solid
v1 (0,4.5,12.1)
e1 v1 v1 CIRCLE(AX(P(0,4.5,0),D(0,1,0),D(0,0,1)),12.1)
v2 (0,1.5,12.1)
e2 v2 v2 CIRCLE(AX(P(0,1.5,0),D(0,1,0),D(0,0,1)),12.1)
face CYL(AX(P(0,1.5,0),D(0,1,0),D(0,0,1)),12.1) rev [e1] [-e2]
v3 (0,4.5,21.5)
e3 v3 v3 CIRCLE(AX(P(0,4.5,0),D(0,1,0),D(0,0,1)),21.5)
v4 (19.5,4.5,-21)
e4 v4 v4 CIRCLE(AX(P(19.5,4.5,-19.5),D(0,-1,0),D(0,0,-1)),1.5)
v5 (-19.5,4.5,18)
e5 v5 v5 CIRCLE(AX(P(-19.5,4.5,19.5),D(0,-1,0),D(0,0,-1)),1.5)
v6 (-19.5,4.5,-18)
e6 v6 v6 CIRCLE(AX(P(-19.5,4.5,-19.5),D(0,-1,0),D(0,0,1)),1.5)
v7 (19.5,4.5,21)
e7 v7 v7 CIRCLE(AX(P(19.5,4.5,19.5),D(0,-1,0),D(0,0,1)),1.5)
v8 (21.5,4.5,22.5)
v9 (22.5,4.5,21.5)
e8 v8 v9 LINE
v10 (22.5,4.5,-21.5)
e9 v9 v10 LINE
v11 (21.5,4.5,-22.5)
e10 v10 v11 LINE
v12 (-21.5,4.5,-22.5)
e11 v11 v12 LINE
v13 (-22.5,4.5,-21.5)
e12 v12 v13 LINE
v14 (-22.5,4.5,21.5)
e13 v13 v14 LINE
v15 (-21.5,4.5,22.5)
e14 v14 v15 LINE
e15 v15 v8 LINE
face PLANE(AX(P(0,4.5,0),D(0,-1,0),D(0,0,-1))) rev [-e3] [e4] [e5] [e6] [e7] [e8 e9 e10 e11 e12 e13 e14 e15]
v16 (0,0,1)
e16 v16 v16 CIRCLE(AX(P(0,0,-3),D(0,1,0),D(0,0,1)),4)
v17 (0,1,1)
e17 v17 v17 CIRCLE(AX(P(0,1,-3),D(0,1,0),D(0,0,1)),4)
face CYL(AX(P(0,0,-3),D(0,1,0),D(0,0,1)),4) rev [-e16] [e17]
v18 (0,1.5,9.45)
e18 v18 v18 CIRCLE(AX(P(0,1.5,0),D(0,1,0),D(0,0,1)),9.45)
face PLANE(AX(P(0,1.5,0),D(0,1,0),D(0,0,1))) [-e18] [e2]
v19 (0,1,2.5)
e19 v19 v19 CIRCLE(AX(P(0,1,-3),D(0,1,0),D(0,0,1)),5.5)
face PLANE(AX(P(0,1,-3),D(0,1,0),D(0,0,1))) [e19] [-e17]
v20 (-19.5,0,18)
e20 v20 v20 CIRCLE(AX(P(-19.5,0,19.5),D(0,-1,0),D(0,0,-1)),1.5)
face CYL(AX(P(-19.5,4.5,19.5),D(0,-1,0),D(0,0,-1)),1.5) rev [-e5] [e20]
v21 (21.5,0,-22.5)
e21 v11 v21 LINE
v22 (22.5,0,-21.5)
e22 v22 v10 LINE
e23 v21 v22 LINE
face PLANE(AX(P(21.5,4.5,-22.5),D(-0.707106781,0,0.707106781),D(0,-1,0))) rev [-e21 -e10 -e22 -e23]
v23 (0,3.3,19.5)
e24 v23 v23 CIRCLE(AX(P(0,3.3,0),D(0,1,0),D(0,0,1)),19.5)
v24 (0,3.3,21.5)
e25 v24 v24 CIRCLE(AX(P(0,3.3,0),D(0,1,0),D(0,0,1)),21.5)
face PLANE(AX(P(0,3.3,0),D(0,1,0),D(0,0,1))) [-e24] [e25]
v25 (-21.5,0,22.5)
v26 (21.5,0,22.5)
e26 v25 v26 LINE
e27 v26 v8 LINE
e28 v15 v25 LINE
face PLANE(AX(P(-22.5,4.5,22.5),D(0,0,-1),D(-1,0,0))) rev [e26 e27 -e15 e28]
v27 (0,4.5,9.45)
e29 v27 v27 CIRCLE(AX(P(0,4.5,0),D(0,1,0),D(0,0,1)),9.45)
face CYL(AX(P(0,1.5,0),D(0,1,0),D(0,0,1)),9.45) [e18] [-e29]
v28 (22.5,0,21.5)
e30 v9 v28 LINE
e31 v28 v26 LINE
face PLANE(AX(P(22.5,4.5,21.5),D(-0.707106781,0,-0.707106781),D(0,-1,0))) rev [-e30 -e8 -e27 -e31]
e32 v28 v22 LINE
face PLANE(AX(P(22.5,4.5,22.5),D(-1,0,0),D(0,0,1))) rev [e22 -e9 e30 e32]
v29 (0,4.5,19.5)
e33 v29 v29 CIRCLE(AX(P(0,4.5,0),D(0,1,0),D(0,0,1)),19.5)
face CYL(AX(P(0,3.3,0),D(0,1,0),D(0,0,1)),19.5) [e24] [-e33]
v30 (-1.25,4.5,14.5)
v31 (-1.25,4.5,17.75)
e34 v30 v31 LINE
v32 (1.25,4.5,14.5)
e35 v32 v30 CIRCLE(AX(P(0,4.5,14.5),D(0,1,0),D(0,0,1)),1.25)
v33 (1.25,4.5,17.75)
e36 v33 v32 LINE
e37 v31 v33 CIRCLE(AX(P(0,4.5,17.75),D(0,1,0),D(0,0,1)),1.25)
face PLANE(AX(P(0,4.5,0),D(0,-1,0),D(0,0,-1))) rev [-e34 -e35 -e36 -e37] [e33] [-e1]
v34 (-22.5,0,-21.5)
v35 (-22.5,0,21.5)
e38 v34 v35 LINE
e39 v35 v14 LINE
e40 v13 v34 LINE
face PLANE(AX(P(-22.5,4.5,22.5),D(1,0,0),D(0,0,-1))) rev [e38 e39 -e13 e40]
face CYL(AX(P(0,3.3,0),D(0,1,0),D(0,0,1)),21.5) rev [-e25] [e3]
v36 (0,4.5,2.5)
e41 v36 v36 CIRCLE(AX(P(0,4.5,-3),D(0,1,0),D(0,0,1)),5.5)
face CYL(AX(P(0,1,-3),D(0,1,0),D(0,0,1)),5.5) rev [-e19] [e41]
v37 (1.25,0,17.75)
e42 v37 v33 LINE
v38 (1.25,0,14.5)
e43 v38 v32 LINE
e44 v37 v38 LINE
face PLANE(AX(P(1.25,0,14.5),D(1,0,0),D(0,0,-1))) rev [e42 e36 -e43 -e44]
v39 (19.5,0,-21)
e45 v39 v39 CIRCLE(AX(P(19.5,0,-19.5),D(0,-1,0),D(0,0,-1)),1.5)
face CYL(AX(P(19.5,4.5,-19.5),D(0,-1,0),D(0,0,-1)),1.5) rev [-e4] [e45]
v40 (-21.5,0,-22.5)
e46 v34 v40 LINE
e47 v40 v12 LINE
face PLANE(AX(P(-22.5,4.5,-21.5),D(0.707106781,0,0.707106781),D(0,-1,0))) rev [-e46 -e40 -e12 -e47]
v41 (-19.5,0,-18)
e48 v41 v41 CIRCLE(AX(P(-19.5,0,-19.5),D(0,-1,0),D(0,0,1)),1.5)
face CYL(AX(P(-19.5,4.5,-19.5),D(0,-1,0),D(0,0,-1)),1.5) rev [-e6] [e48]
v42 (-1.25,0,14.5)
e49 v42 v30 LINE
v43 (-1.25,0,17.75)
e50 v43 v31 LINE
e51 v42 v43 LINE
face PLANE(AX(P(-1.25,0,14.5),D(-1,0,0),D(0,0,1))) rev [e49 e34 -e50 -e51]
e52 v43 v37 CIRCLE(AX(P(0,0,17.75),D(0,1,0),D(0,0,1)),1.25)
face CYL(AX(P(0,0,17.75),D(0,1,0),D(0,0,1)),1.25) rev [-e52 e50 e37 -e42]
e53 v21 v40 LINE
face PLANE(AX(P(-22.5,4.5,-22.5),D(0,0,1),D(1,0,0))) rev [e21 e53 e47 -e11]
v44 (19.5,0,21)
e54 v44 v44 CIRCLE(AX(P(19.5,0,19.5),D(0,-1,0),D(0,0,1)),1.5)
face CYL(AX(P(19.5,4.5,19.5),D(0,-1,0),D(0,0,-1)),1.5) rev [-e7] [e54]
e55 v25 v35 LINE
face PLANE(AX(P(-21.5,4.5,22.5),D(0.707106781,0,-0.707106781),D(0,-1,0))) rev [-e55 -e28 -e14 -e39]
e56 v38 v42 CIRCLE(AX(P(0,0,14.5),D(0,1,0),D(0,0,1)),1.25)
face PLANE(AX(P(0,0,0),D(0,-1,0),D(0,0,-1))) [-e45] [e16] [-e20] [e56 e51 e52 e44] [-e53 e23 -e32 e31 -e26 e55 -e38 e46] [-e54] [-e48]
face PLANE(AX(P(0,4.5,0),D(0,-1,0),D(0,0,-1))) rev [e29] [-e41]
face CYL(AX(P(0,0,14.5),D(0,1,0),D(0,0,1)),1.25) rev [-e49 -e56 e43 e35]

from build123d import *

# Parameters (mm, degrees)
SKETCH_1_W          = 45
SKETCH_1_H          = 45
EXTRUDE_1_DEPTH     = 4.5
SKETCH_2_R          = 5.5
CUT_EXTRUDE_1_DEPTH = 3.5
SKETCH_3_R          = 4
CUT_EXTRUDE_2_DEPTH = 33.011716605
SKETCH_4_R          = 12.1
SKETCH_4_R_2        = 9.45
CUT_EXTRUDE_3_DEPTH = 3
SKETCH_5_R          = 21.5
SKETCH_5_R_2        = 19.5
CUT_EXTRUDE_4_DEPTH = 1.2
CUT_EXTRUDE_5_DEPTH = 33.136427928
SKETCH_8_R          = 1.5
CUT_EXTRUDE_6_DEPTH = 33.136427928
CHAMFER_1_SIZE      = 1


with BuildPart() as part:
    # 草图1 → 凸台-拉伸1 (new body)
    with BuildSketch(Plane(origin=(0, 0, 0), x_dir=(1, 0, 0), z_dir=(0, 1, 0))):
        Rectangle(SKETCH_1_W, SKETCH_1_H)
    extrude(amount=EXTRUDE_1_DEPTH)

    # 草图2 → 切除-拉伸1 (cut)
    with BuildSketch(Plane(origin=(0, 4.5, 0), x_dir=(1, 0, 0), z_dir=(0, 1, 0))):
        with Locations(Location((0, 3, 0), (0, 0, 270))):
            Circle(SKETCH_2_R)
    extrude(amount=-CUT_EXTRUDE_1_DEPTH, mode=Mode.SUBTRACT)

    # 草图3 → 切除-拉伸2 (cut, through all)
    with BuildSketch(Plane(origin=(0, 1, 0), x_dir=(1, 0, 0), z_dir=(0, 1, 0))):
        with Locations(Location((0, 3, 0), (0, 0, 270))):
            Circle(SKETCH_3_R)
    extrude(amount=-CUT_EXTRUDE_2_DEPTH, mode=Mode.SUBTRACT)

    # 草图4 → 切除-拉伸3 (cut)
    with BuildSketch(Plane(origin=(0, 4.5, 0), x_dir=(1, 0, 0), z_dir=(0, 1, 0))):
        with Locations(Location((0, 0, 0), (0, 0, 270))):
            Circle(SKETCH_4_R)
        with Locations(Location((0, 0, 0), (0, 0, 270))):
            Circle(SKETCH_4_R_2, mode=Mode.SUBTRACT)
    extrude(amount=-CUT_EXTRUDE_3_DEPTH, mode=Mode.SUBTRACT)

    # 草图5 → 切除-拉伸4 (cut)
    with BuildSketch(Plane(origin=(0, 4.5, 0), x_dir=(1, 0, 0), z_dir=(0, 1, 0))):
        with Locations(Location((0, 0, 0), (0, 0, 270))):
            Circle(SKETCH_5_R)
        with Locations(Location((0, 0, 0), (0, 0, 270))):
            Circle(SKETCH_5_R_2, mode=Mode.SUBTRACT)
    extrude(amount=-CUT_EXTRUDE_4_DEPTH, mode=Mode.SUBTRACT)

    # 草图6 → 切除-拉伸5 (cut, through all)
    with BuildSketch(Plane(origin=(0, 4.5, 0), x_dir=(1, 0, 0), z_dir=(0, 1, 0))):
        with BuildLine():
            Line((1.25, -14.5), (1.25, -17.75))
            ThreePointArc((1.25, -17.75), (0, -19), (-1.25, -17.75))
            Line((-1.25, -17.75), (-1.25, -14.5))
            ThreePointArc((-1.25, -14.5), (0, -13.25), (1.25, -14.5))
        make_face()
    extrude(amount=-CUT_EXTRUDE_5_DEPTH, mode=Mode.SUBTRACT)

    # 草图8 → 切除-拉伸6 (cut, through all)
    with BuildSketch(Plane.XZ):
        with Locations(Location((-19.5, 19.5, 0), (0, 0, 270))):
            Circle(SKETCH_8_R)
        with Locations(Location((19.5, 19.5, 0), (0, 0, 90))):
            Circle(SKETCH_8_R)
        with Locations(Location((19.5, -19.5, 0), (0, 0, 270))):
            Circle(SKETCH_8_R)
        with Locations(Location((-19.5, -19.5, 0), (0, 0, 90))):
            Circle(SKETCH_8_R)
    extrude(amount=-CUT_EXTRUDE_6_DEPTH, mode=Mode.SUBTRACT)

    # 倒角1
    chamfer_1_edges = [part.edges().sort_by_distance(p)[0] for p in [
        (22.5, 2.25, 22.5),
        (-22.5, 2.25, 22.5),
        (-22.5, 2.25, -22.5),
        (22.5, 2.25, -22.5),
    ]]
    chamfer(chamfer_1_edges, length=CHAMFER_1_SIZE)


solid = part.part
